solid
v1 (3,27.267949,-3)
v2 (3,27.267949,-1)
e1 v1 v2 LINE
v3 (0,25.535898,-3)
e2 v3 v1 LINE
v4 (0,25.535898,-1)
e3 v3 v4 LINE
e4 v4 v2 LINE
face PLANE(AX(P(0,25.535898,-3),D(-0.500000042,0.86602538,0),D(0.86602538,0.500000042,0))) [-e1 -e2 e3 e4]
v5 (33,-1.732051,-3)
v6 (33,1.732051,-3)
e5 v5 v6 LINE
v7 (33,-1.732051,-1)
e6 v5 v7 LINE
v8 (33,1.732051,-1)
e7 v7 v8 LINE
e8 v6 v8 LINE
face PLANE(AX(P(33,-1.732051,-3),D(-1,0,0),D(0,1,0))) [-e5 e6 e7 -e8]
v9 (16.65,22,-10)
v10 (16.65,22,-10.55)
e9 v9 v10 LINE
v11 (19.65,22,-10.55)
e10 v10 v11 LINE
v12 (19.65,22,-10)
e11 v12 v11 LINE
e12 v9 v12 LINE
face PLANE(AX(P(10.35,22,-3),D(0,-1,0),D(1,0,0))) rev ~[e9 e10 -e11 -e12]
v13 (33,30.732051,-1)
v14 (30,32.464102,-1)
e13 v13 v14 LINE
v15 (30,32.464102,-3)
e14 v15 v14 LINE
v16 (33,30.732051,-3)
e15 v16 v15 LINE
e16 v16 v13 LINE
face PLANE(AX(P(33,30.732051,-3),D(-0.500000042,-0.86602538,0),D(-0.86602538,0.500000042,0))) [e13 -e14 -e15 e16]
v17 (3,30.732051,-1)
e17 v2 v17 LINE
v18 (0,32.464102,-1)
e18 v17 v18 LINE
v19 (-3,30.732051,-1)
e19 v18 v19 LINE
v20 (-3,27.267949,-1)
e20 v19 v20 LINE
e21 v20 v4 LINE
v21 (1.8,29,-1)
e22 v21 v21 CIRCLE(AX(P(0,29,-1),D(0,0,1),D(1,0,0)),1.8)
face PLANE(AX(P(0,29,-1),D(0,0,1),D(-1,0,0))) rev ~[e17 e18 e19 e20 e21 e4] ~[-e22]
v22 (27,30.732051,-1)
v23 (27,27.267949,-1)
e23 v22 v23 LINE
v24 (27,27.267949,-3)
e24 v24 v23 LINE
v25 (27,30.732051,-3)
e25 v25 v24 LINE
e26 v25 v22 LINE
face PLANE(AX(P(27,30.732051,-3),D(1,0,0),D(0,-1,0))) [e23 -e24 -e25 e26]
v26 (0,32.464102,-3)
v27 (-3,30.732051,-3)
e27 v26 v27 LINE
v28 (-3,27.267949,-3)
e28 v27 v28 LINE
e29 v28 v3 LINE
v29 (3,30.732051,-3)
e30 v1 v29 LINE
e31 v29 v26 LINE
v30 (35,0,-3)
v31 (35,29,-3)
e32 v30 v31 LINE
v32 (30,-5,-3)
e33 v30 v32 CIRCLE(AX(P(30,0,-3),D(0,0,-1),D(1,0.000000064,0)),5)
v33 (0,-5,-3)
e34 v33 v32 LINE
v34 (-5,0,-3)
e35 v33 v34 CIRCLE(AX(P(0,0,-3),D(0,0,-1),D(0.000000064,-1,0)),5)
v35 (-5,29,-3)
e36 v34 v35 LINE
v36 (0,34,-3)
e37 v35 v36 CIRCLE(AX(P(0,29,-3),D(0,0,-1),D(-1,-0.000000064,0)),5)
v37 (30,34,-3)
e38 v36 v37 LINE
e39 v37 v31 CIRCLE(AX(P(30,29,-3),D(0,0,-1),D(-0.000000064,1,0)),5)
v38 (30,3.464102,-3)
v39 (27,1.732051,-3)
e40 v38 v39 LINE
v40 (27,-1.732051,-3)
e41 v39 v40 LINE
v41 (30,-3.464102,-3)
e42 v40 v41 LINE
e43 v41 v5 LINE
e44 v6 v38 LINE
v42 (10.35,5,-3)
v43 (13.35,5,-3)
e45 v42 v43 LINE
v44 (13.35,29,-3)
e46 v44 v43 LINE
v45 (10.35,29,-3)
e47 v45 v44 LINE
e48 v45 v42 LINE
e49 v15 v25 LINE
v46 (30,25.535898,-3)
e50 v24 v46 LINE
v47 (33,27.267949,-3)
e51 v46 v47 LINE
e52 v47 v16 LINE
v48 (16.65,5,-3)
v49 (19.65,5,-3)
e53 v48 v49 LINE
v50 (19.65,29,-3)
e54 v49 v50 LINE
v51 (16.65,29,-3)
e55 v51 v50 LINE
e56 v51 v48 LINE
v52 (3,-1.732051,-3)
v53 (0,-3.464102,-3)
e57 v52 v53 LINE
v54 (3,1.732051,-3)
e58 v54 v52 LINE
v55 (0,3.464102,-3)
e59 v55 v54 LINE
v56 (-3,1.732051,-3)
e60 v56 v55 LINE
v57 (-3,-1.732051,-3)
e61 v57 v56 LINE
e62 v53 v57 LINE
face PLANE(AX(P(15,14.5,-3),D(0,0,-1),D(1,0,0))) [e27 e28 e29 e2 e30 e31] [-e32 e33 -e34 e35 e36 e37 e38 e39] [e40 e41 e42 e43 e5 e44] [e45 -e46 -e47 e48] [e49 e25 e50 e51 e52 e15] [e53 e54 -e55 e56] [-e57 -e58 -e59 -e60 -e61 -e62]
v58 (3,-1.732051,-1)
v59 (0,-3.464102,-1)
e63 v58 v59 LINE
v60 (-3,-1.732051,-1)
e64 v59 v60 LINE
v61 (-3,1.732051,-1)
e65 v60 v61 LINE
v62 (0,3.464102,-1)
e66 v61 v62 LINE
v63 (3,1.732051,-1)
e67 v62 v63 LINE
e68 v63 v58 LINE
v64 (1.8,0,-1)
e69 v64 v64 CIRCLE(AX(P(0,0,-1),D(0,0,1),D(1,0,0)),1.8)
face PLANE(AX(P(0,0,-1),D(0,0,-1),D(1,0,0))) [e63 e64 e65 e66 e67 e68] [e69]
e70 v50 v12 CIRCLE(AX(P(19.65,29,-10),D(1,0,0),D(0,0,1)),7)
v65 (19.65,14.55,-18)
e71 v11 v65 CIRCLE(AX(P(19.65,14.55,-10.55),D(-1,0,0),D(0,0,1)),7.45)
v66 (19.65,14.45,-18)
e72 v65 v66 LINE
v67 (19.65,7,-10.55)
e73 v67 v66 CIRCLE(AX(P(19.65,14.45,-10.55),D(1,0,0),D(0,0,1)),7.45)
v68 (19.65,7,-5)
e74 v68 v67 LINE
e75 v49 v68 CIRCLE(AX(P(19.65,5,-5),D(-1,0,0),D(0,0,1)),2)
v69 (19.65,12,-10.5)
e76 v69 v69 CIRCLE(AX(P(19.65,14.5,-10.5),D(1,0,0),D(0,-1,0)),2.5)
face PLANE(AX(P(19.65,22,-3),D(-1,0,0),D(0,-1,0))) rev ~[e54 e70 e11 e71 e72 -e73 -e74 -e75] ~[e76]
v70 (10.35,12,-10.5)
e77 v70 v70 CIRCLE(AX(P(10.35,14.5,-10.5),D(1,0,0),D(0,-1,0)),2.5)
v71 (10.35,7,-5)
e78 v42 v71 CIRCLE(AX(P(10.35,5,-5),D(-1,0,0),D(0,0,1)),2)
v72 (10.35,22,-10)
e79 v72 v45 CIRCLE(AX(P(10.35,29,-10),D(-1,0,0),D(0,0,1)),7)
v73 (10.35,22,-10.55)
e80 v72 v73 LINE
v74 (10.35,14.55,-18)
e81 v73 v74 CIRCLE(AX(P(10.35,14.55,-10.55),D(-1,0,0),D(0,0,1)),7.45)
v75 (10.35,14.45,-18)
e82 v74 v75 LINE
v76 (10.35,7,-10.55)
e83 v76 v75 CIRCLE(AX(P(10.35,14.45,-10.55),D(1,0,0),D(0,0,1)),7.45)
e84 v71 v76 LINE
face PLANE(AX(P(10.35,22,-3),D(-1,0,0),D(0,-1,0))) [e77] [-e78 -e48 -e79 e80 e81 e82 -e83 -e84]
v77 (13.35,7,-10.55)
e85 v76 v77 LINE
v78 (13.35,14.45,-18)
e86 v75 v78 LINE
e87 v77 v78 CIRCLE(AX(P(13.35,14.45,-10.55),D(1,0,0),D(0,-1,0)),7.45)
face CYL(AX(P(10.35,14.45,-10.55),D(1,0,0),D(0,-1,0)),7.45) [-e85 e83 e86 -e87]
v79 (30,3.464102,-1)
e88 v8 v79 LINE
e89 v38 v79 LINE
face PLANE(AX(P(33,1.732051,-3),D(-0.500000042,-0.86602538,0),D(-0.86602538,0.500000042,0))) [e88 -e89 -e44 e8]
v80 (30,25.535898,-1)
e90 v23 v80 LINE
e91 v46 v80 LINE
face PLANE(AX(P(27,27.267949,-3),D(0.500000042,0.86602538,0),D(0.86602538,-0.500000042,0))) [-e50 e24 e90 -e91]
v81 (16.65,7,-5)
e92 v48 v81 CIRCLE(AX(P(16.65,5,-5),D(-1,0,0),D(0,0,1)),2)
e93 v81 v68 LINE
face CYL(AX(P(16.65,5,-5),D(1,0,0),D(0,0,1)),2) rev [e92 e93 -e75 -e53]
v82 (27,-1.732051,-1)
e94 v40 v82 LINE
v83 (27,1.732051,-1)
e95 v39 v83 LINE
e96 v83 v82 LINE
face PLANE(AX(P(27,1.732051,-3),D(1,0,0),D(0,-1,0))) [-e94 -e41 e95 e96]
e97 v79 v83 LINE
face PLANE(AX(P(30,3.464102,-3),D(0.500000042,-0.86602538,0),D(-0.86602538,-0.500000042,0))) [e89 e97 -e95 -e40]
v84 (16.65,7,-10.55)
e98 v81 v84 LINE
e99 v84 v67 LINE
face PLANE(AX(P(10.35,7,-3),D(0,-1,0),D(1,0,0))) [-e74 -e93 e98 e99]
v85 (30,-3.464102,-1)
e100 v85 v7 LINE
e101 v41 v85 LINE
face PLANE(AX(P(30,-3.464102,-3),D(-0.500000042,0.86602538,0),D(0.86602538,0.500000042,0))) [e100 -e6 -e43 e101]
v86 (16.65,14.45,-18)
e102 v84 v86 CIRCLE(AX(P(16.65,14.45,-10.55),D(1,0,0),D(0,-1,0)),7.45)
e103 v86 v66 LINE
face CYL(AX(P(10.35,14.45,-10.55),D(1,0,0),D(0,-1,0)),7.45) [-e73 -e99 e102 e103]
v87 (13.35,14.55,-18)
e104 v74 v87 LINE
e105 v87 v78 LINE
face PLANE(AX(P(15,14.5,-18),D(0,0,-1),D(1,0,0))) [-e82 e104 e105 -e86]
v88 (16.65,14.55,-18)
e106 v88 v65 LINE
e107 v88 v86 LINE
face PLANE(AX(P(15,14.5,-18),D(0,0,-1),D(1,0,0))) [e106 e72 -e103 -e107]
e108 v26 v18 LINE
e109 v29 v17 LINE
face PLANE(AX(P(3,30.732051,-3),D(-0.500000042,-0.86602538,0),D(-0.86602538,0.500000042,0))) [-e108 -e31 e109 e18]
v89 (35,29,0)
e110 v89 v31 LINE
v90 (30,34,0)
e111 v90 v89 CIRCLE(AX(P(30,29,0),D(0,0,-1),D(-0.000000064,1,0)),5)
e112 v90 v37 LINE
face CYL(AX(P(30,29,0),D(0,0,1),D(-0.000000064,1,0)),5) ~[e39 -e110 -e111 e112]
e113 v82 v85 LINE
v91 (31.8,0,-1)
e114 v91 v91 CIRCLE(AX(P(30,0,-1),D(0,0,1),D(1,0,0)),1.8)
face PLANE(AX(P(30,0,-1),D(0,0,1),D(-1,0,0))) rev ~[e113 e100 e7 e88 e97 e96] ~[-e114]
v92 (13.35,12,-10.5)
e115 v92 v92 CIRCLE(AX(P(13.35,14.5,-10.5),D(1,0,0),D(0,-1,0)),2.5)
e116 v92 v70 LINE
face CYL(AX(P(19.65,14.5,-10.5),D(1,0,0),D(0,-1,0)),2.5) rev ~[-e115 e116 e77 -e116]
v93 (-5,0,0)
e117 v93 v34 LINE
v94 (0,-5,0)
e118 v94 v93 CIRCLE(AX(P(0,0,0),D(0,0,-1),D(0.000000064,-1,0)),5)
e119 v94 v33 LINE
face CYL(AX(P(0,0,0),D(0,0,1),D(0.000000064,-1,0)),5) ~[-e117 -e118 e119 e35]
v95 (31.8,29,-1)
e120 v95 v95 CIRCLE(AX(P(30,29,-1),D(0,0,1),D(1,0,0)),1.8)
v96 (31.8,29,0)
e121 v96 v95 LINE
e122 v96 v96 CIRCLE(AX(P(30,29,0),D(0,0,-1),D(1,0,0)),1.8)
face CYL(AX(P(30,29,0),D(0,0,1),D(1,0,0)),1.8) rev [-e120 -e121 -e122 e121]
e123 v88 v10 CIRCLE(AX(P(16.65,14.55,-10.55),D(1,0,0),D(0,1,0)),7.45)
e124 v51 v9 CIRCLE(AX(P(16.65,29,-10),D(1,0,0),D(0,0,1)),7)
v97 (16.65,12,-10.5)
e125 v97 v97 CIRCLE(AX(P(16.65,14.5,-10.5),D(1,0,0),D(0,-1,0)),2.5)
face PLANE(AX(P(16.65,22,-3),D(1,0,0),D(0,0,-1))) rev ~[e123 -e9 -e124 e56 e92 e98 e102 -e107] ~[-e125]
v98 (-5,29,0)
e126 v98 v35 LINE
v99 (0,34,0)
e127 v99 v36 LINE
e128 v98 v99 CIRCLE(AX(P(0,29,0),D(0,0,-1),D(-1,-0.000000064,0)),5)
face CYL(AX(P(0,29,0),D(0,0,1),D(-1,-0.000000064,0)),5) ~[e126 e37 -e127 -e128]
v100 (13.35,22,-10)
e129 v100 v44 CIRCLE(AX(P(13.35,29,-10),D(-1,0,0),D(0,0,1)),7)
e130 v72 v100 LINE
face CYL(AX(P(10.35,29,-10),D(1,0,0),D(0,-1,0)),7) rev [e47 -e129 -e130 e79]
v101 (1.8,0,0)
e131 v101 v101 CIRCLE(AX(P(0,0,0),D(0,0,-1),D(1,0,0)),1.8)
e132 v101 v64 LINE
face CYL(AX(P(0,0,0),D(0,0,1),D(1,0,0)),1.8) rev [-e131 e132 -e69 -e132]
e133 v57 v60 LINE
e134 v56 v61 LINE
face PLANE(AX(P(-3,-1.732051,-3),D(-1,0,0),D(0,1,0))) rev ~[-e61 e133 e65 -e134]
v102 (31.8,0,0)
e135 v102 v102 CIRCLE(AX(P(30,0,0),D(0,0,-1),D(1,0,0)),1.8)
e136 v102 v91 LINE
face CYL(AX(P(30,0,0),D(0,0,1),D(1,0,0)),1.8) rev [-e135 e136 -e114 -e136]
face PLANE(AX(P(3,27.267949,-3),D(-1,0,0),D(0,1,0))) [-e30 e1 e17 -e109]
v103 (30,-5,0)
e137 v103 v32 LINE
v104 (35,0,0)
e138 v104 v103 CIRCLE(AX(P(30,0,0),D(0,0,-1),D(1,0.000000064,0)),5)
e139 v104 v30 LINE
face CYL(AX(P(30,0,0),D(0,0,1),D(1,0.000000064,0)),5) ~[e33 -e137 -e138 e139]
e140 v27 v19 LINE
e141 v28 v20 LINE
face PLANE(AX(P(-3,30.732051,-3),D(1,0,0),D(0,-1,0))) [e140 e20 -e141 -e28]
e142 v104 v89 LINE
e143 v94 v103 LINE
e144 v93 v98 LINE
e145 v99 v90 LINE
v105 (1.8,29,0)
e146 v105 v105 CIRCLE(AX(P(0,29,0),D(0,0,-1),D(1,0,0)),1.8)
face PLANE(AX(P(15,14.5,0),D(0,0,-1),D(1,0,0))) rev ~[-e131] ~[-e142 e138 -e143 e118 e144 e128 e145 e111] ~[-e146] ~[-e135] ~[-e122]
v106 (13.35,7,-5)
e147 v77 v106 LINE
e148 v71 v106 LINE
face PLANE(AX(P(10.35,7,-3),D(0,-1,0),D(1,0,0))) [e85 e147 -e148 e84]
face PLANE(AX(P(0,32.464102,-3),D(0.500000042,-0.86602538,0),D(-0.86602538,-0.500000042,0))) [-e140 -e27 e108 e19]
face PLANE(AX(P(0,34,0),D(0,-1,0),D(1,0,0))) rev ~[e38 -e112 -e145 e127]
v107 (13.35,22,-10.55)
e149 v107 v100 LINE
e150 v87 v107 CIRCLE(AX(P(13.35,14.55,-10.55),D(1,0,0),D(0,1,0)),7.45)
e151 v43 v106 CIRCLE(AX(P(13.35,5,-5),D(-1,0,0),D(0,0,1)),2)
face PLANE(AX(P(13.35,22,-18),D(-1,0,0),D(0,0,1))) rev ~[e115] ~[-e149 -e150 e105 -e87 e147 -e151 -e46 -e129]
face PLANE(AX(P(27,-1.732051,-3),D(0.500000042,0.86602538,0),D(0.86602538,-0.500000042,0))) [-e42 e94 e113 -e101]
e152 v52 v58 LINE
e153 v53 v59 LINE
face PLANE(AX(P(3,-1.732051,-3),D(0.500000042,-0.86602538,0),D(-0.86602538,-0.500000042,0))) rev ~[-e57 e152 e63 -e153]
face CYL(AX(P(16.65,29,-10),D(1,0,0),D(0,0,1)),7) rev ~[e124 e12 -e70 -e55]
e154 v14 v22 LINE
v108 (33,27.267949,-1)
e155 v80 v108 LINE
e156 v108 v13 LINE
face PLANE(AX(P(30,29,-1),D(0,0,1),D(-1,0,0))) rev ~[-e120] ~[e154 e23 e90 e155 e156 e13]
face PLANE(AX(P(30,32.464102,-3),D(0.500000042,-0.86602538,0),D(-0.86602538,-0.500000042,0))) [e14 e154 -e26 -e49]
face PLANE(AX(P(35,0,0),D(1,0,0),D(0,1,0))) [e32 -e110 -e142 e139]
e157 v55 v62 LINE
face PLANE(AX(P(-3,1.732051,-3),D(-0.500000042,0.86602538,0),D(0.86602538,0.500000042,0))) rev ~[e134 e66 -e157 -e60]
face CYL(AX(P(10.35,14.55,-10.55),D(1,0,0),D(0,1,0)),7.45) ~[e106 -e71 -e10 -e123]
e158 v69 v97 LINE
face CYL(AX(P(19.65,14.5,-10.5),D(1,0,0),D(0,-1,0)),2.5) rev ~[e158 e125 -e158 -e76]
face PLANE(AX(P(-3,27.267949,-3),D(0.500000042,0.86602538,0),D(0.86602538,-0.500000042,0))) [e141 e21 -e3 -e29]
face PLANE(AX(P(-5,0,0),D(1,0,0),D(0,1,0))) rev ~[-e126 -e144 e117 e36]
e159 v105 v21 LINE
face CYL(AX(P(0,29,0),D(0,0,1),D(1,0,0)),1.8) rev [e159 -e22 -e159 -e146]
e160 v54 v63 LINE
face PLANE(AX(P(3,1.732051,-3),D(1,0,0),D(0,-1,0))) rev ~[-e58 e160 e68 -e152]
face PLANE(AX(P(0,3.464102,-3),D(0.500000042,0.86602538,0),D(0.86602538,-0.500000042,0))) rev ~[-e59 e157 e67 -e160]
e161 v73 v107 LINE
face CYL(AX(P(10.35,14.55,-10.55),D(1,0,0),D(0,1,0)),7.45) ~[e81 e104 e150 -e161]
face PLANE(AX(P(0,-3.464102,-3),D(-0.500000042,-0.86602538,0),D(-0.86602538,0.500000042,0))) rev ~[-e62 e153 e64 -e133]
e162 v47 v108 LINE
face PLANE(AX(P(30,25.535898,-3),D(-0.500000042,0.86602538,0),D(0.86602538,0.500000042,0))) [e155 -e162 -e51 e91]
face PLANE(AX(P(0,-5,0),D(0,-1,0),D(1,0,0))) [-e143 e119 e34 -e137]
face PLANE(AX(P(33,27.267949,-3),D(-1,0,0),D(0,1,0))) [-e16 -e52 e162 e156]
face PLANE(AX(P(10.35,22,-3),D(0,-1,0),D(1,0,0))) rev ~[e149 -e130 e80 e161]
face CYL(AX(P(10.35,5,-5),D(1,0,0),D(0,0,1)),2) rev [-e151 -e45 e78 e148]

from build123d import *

# Parameters (mm, degrees)
SKETCH_R        = 1.8
PAD_DEPTH       = 3
POCKET_DEPTH    = 2
SKETCH002_W     = 9.3
SKETCH002_H     = 15
PAD001_DEPTH    = 15
SKETCH003_R     = 2.5
POCKET001_DEPTH = 10
FILLET_R        = 7.45
POCKET002_DEPTH = 15
FILLET001_R     = 7
FILLET002_R     = 2


with BuildPart() as part:
    # Sketch → Pad (new body)
    with BuildSketch(Plane(origin=(0, 0, 0), x_dir=(1, 0, 0), z_dir=(0, 0, -1))):
        with BuildLine():
            ThreePointArc((0, 5), (-3.535534, 3.535534), (-5, 0))
            Line((-5, 0), (-5, -29))
            ThreePointArc((-5, -29), (-3.535534, -32.535534), (0, -34))
            Line((0, -34), (30, -34))
            ThreePointArc((30, -34), (33.535534, -32.535534), (35, -29))
            Line((35, 0), (35, -29))
            ThreePointArc((35, 0), (33.535534, 3.535534), (30, 5))
            Line((0, 5), (30, 5))
        make_face()
        Circle(SKETCH_R, mode=Mode.SUBTRACT)
        with Locations((30, 0)):
            Circle(SKETCH_R, mode=Mode.SUBTRACT)
        with Locations((30, -29)):
            Circle(SKETCH_R, mode=Mode.SUBTRACT)
        with Locations((0, -29)):
            Circle(SKETCH_R, mode=Mode.SUBTRACT)
    extrude(amount=PAD_DEPTH)

    # Sketch001 → Pocket (cut)
    with BuildSketch(Plane(origin=(0, 0, -3), x_dir=(1, 0, 0), z_dir=(0, 0, -1))):
        Polygon((-3, -30.732051), (-3, -27.267949), (0, -25.535898), (3, -27.267949), (3, -30.732051), (0, -32.464102), align=None)
        Polygon((27, -30.732051), (27, -27.267949), (30, -25.535898), (33, -27.267949), (33, -30.732051), (30, -32.464102), align=None)
        Polygon((-3, 1.732051), (-3, -1.732051), (0, -3.464102), (3, -1.732051), (3, 1.732051), (0, 3.464102), align=None)
        Polygon((27, -1.732051), (27, 1.732051), (30, 3.464102), (33, 1.732051), (33, -1.732051), (30, -3.464102), align=None)
    extrude(amount=-POCKET_DEPTH, mode=Mode.SUBTRACT)

    # Sketch002 → Pad001 (new body)
    with BuildSketch(Plane(origin=(0, 0, -3), x_dir=(1, 0, 0), z_dir=(0, 0, -1))):
        with Locations((15, -14.5)):
            Rectangle(SKETCH002_W, SKETCH002_H)
    extrude(amount=PAD001_DEPTH)

    # Sketch003 → Pocket001 (cut)
    with BuildSketch(Plane(origin=(19.65, 0, 0), x_dir=(0, -1, 0), z_dir=(1, 0, 0))):
        with Locations((-14.5, 10.5)):
            Circle(SKETCH003_R)
    extrude(amount=-POCKET001_DEPTH, mode=Mode.SUBTRACT)

    # Fillet
    fillet_edges = [part.edges().sort_by_distance(p)[0] for p in [
        (15, 22, -18),
        (15, 7, -18),
    ]]
    fillet(fillet_edges, radius=FILLET_R)

    # Sketch004 → Pocket002 (cut)
    with BuildSketch(Plane(origin=(0, 22, 0), x_dir=(1, 0, 0), z_dir=(0, 1, 0))):
        Polygon((13.35, 18), (13.35, 3), (16.65, 3), (16.65, 18), (15, 18), align=None)
    extrude(amount=-POCKET002_DEPTH, mode=Mode.SUBTRACT)

    # Fillet001
    fillet001_edges = [part.edges().sort_by_distance(p)[0] for p in [
        (18.15, 22, -3),
        (11.85, 22, -3),
    ]]
    fillet(fillet001_edges, radius=FILLET001_R)

    # Fillet002
    fillet002_edges = [part.edges().sort_by_distance(p)[0] for p in [
        (18.15, 7, -3),
        (11.85, 7, -3),
    ]]
    fillet(fillet002_edges, radius=FILLET002_R)


solid = part.part
